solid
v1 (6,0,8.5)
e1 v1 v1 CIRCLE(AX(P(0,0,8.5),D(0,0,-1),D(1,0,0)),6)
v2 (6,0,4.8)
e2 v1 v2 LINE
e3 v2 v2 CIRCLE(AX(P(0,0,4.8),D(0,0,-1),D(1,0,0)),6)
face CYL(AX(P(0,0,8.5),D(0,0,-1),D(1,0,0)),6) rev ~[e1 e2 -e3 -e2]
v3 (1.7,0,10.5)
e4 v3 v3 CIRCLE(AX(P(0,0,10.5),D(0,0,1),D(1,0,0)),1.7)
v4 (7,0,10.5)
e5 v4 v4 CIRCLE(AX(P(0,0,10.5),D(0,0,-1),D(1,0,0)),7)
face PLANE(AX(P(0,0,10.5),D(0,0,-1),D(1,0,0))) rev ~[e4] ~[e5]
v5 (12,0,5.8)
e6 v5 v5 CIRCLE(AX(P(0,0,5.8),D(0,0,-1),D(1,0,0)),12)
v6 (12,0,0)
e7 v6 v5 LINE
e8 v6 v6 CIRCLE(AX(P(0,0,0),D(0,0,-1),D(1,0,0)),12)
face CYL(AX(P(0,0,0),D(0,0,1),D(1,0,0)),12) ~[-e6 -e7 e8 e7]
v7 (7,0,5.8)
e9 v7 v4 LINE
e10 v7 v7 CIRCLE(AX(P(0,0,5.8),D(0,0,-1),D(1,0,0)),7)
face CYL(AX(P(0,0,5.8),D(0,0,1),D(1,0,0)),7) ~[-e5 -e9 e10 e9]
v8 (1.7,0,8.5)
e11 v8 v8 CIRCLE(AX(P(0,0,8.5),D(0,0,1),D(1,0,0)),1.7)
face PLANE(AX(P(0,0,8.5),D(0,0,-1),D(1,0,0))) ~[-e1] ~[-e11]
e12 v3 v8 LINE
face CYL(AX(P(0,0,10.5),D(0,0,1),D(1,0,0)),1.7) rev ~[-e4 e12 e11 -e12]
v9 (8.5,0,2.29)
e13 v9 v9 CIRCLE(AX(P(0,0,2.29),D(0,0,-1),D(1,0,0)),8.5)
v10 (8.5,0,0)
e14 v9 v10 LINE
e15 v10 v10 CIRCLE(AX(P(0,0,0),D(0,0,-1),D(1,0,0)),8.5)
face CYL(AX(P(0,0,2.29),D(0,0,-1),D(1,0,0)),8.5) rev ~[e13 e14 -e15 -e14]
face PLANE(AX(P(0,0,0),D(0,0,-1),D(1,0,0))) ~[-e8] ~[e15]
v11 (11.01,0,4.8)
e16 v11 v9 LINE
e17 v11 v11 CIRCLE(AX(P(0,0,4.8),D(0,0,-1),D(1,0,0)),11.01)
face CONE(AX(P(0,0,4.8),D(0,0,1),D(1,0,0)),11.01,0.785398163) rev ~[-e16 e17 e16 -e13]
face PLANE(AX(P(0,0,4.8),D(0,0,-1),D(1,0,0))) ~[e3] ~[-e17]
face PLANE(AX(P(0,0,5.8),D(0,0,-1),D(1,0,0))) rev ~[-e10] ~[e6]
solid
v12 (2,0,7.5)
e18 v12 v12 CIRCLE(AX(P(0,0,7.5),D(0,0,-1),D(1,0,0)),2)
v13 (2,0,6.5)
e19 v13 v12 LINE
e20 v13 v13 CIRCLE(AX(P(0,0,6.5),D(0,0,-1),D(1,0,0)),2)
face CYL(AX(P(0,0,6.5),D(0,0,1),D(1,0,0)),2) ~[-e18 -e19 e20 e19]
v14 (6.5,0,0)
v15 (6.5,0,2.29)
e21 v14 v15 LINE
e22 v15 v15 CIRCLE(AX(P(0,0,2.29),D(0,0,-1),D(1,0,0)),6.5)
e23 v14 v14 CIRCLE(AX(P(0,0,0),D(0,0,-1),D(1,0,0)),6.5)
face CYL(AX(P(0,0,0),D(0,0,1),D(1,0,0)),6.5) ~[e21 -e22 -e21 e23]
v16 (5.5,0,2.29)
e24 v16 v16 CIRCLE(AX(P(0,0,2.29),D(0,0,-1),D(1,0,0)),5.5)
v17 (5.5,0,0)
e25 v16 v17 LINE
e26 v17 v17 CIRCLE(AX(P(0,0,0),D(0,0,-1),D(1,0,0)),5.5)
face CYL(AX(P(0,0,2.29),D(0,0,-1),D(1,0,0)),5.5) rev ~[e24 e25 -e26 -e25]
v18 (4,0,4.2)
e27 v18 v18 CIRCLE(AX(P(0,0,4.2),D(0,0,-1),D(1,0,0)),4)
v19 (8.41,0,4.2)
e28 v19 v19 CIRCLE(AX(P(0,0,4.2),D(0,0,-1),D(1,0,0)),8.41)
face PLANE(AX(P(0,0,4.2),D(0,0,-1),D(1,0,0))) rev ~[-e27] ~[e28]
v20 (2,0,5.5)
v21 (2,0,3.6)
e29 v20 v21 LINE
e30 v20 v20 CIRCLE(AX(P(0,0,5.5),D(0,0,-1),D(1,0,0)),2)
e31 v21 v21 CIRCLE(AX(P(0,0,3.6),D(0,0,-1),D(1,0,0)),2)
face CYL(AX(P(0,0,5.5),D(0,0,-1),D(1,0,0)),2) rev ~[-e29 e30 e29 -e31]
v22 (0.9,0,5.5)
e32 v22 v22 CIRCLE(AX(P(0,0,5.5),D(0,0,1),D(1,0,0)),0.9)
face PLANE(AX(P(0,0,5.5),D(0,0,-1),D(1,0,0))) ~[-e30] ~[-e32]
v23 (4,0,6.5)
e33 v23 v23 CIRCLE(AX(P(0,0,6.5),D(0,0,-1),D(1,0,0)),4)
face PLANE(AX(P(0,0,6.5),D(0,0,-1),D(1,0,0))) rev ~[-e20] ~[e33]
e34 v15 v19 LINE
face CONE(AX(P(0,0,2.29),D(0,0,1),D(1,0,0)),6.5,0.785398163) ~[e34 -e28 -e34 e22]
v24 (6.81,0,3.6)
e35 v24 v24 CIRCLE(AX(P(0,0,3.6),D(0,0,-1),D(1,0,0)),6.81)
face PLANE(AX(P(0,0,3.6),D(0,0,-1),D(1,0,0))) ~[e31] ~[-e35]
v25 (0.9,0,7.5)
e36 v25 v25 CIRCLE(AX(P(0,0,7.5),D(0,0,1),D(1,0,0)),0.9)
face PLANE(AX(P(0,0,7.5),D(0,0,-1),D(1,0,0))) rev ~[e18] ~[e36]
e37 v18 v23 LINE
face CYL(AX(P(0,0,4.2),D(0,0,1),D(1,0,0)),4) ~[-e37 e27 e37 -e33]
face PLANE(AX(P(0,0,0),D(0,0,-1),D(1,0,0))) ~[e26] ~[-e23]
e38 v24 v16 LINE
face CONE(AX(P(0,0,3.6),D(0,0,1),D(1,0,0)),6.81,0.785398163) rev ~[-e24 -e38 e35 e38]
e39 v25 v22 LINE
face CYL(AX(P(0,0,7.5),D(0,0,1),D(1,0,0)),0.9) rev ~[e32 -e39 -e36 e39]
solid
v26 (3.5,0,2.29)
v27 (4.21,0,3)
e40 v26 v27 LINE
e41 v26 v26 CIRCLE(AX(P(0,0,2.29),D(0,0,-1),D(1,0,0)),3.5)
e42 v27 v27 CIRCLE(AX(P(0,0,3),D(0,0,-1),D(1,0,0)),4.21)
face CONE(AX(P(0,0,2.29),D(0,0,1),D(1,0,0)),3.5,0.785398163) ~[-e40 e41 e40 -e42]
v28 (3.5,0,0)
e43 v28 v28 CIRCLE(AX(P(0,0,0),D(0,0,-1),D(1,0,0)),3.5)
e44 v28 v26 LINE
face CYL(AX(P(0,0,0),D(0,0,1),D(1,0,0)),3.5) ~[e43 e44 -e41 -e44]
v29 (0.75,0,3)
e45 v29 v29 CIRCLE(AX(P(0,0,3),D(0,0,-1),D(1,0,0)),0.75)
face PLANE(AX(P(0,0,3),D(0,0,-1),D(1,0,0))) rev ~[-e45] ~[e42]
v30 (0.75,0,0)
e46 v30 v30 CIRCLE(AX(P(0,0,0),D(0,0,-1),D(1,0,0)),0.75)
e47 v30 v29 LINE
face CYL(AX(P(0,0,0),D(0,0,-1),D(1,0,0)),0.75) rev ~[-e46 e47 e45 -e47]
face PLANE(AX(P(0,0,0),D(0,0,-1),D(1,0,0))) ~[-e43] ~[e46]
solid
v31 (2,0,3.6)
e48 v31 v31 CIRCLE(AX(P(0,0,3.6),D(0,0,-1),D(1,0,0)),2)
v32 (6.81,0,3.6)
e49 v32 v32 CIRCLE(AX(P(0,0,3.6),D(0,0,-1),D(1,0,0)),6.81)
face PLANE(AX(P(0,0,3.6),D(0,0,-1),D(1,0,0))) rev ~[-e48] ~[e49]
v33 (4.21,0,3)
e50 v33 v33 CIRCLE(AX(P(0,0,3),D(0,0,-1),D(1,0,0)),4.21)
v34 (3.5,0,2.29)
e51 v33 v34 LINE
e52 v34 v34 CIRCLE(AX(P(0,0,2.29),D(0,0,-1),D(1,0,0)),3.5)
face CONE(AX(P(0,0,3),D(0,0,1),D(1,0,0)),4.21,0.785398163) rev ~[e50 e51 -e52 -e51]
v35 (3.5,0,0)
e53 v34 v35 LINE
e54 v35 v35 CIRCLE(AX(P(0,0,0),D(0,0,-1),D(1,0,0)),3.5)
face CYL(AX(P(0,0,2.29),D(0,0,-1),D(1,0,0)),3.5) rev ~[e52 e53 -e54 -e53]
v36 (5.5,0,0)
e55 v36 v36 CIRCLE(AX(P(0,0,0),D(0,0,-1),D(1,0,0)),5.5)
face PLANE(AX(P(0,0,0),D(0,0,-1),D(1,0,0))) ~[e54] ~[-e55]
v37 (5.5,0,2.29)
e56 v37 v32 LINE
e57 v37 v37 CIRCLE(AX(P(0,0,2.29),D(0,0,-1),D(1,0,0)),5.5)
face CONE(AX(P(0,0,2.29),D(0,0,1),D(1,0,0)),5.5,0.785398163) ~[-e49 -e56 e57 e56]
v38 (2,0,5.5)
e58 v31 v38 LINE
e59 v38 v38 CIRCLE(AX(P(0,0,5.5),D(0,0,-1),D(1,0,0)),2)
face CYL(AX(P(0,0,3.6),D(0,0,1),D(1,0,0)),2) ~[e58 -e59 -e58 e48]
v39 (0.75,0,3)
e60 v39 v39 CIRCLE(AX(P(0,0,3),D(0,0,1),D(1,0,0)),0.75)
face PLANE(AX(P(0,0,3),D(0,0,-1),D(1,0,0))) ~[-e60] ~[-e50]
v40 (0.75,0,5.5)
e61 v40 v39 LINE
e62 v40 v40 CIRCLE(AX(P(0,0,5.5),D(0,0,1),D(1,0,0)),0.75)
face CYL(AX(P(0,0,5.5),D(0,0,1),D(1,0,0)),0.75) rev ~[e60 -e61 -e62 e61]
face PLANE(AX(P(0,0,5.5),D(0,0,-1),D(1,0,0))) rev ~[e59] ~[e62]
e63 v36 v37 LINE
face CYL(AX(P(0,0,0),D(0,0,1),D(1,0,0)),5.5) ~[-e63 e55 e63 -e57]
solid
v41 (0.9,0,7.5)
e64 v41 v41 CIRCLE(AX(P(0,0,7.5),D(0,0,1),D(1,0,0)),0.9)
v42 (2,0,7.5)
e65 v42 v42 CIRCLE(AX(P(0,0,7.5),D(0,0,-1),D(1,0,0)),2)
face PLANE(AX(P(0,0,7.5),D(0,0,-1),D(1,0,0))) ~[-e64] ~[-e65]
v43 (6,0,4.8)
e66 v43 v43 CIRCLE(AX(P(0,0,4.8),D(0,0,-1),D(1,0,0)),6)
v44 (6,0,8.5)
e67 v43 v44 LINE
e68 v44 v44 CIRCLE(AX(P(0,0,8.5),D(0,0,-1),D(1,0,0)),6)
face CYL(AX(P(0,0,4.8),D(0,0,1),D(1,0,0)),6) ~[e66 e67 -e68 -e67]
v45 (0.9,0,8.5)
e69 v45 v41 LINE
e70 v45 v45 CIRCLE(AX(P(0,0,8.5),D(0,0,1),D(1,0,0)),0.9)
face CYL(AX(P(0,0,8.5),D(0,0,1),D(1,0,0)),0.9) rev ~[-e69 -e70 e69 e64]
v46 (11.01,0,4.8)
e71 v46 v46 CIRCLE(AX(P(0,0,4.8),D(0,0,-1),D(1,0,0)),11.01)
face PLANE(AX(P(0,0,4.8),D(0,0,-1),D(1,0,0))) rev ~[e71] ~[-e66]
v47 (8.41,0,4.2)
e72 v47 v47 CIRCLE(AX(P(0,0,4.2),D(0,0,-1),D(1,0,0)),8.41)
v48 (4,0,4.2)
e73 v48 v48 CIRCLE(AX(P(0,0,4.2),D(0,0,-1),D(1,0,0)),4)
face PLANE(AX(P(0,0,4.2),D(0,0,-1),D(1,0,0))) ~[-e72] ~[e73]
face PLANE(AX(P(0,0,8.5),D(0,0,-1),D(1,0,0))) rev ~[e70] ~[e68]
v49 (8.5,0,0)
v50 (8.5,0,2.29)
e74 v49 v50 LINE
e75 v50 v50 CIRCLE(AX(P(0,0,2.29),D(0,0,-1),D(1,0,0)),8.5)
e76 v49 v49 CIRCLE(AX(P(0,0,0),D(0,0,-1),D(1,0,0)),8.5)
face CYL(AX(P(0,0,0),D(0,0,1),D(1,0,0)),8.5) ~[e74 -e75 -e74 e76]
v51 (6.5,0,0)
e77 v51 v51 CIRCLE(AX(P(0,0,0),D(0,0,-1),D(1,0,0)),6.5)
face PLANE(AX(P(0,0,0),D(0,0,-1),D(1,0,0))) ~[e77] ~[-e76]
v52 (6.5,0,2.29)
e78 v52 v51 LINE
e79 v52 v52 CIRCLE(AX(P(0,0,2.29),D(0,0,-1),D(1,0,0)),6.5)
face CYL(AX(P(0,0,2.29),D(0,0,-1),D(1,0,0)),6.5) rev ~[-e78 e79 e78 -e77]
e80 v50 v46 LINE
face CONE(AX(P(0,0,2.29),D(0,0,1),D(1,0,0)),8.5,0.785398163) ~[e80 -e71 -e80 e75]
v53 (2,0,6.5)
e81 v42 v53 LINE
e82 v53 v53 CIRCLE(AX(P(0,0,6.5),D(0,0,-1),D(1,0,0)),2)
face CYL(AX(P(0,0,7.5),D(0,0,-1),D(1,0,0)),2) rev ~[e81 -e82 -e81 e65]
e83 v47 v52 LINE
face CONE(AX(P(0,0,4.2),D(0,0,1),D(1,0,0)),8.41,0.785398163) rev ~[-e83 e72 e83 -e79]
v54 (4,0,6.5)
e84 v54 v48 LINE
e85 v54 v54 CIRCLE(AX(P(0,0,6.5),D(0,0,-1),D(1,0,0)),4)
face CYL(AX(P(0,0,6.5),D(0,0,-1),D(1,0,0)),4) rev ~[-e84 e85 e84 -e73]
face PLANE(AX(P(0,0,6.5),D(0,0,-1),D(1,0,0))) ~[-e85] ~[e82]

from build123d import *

# Parameters (mm, degrees)
F2_R      = 0.75
F3_DEPTH  = 3
F5_R      = 0.75
F6_DEPTH  = 2.5
F8_R      = 0.9
F9_DEPTH  = 2
F11_R     = 0.9
F12_DEPTH = 1
F14_R     = 1.7
F15_DEPTH = 2


with BuildPart() as f1:
    # F0 (on Front) → F1 (revolve)
    with BuildSketch(Plane.XZ):
        Polygon((0, 3), (0, 0), (3.5, 0), (3.5, 2.29), (4.21, 3), align=None)
    revolve(axis=Axis((0, 0, 1.5), (0, 0, -1)))

    # F2 (on face) → F3 (cut, through all)
    with BuildSketch(Plane(origin=(0, 0, 0), x_dir=(1, 0, 0), z_dir=(0, 0, -1))):
        Circle(F2_R)
    extrude(amount=-F3_DEPTH, mode=Mode.SUBTRACT)


with BuildPart() as f4:
    # F0 (on Front) → F4 (revolve)
    with BuildSketch(Plane.XZ):
        Polygon((3.5, 2.29), (3.5, 0), (5.5, 0), (5.5, 2.29), (6.81, 3.6), (2, 3.6), (2, 5.5), (0, 5.5), (0, 3), (4.21, 3), align=None)
    revolve(axis=Axis((0, 0, 2.75), (0, 0, -1)))

    # F5 (on face) → F6 (cut, through all)
    with BuildSketch(Plane.XY.offset(5.5)):
        Circle(F5_R)
    extrude(amount=-F6_DEPTH, mode=Mode.SUBTRACT)


with BuildPart() as f7:
    # F0 (on Front) → F7 (revolve)
    with BuildSketch(Plane.XZ):
        Polygon((5.5, 2.29), (5.5, 0), (6.5, 0), (6.5, 2.29), (8.41, 4.2), (4, 4.2), (4, 6.5), (2, 6.5), (2, 7.5), (0, 7.5), (0, 5.5), (2, 5.5), (2, 3.6), (6.81, 3.6), align=None)
    revolve(axis=Axis((0, 0, 3.75), (0, 0, -1)))

    # F8 (on face) → F9 (cut, through all)
    with BuildSketch(Plane.XY.offset(7.5)):
        Circle(F8_R)
    extrude(amount=-F9_DEPTH, mode=Mode.SUBTRACT)


with BuildPart() as f10:
    # F0 (on Front) → F10 (revolve)
    with BuildSketch(Plane.XZ):
        Polygon((6.5, 2.29), (6.5, 0), (8.5, 0), (8.5, 2.29), (11.01, 4.8), (6, 4.8), (6, 8.5), (0, 8.5), (0, 7.5), (2, 7.5), (2, 6.5), (4, 6.5), (4, 4.2), (8.41, 4.2), align=None)
    revolve(axis=Axis((0, 0, 4.25), (0, 0, -1)))

    # F11 (on face) → F12 (cut, through all)
    with BuildSketch(Plane.XY.offset(8.5)):
        Circle(F11_R)
    extrude(amount=-F12_DEPTH, mode=Mode.SUBTRACT)


with BuildPart() as f13:
    # F0 (on Front) → F13 (revolve)
    with BuildSketch(Plane.XZ):
        Polygon((8.5, 2.29), (8.5, 0), (12, 0), (12, 5.8), (7, 5.8), (7, 10.5), (0, 10.5), (0, 8.5), (6, 8.5), (6, 4.8), (11.01, 4.8), align=None)
    revolve(axis=Axis((0, 0, 5.25), (0, 0, -1)))

    # F14 (on face) → F15 (cut, through all)
    with BuildSketch(Plane.XY.offset(10.5)):
        Circle(F14_R)
    extrude(amount=-F15_DEPTH, mode=Mode.SUBTRACT)


solid = Compound([f1.part, f4.part, f7.part, f10.part, f13.part])
